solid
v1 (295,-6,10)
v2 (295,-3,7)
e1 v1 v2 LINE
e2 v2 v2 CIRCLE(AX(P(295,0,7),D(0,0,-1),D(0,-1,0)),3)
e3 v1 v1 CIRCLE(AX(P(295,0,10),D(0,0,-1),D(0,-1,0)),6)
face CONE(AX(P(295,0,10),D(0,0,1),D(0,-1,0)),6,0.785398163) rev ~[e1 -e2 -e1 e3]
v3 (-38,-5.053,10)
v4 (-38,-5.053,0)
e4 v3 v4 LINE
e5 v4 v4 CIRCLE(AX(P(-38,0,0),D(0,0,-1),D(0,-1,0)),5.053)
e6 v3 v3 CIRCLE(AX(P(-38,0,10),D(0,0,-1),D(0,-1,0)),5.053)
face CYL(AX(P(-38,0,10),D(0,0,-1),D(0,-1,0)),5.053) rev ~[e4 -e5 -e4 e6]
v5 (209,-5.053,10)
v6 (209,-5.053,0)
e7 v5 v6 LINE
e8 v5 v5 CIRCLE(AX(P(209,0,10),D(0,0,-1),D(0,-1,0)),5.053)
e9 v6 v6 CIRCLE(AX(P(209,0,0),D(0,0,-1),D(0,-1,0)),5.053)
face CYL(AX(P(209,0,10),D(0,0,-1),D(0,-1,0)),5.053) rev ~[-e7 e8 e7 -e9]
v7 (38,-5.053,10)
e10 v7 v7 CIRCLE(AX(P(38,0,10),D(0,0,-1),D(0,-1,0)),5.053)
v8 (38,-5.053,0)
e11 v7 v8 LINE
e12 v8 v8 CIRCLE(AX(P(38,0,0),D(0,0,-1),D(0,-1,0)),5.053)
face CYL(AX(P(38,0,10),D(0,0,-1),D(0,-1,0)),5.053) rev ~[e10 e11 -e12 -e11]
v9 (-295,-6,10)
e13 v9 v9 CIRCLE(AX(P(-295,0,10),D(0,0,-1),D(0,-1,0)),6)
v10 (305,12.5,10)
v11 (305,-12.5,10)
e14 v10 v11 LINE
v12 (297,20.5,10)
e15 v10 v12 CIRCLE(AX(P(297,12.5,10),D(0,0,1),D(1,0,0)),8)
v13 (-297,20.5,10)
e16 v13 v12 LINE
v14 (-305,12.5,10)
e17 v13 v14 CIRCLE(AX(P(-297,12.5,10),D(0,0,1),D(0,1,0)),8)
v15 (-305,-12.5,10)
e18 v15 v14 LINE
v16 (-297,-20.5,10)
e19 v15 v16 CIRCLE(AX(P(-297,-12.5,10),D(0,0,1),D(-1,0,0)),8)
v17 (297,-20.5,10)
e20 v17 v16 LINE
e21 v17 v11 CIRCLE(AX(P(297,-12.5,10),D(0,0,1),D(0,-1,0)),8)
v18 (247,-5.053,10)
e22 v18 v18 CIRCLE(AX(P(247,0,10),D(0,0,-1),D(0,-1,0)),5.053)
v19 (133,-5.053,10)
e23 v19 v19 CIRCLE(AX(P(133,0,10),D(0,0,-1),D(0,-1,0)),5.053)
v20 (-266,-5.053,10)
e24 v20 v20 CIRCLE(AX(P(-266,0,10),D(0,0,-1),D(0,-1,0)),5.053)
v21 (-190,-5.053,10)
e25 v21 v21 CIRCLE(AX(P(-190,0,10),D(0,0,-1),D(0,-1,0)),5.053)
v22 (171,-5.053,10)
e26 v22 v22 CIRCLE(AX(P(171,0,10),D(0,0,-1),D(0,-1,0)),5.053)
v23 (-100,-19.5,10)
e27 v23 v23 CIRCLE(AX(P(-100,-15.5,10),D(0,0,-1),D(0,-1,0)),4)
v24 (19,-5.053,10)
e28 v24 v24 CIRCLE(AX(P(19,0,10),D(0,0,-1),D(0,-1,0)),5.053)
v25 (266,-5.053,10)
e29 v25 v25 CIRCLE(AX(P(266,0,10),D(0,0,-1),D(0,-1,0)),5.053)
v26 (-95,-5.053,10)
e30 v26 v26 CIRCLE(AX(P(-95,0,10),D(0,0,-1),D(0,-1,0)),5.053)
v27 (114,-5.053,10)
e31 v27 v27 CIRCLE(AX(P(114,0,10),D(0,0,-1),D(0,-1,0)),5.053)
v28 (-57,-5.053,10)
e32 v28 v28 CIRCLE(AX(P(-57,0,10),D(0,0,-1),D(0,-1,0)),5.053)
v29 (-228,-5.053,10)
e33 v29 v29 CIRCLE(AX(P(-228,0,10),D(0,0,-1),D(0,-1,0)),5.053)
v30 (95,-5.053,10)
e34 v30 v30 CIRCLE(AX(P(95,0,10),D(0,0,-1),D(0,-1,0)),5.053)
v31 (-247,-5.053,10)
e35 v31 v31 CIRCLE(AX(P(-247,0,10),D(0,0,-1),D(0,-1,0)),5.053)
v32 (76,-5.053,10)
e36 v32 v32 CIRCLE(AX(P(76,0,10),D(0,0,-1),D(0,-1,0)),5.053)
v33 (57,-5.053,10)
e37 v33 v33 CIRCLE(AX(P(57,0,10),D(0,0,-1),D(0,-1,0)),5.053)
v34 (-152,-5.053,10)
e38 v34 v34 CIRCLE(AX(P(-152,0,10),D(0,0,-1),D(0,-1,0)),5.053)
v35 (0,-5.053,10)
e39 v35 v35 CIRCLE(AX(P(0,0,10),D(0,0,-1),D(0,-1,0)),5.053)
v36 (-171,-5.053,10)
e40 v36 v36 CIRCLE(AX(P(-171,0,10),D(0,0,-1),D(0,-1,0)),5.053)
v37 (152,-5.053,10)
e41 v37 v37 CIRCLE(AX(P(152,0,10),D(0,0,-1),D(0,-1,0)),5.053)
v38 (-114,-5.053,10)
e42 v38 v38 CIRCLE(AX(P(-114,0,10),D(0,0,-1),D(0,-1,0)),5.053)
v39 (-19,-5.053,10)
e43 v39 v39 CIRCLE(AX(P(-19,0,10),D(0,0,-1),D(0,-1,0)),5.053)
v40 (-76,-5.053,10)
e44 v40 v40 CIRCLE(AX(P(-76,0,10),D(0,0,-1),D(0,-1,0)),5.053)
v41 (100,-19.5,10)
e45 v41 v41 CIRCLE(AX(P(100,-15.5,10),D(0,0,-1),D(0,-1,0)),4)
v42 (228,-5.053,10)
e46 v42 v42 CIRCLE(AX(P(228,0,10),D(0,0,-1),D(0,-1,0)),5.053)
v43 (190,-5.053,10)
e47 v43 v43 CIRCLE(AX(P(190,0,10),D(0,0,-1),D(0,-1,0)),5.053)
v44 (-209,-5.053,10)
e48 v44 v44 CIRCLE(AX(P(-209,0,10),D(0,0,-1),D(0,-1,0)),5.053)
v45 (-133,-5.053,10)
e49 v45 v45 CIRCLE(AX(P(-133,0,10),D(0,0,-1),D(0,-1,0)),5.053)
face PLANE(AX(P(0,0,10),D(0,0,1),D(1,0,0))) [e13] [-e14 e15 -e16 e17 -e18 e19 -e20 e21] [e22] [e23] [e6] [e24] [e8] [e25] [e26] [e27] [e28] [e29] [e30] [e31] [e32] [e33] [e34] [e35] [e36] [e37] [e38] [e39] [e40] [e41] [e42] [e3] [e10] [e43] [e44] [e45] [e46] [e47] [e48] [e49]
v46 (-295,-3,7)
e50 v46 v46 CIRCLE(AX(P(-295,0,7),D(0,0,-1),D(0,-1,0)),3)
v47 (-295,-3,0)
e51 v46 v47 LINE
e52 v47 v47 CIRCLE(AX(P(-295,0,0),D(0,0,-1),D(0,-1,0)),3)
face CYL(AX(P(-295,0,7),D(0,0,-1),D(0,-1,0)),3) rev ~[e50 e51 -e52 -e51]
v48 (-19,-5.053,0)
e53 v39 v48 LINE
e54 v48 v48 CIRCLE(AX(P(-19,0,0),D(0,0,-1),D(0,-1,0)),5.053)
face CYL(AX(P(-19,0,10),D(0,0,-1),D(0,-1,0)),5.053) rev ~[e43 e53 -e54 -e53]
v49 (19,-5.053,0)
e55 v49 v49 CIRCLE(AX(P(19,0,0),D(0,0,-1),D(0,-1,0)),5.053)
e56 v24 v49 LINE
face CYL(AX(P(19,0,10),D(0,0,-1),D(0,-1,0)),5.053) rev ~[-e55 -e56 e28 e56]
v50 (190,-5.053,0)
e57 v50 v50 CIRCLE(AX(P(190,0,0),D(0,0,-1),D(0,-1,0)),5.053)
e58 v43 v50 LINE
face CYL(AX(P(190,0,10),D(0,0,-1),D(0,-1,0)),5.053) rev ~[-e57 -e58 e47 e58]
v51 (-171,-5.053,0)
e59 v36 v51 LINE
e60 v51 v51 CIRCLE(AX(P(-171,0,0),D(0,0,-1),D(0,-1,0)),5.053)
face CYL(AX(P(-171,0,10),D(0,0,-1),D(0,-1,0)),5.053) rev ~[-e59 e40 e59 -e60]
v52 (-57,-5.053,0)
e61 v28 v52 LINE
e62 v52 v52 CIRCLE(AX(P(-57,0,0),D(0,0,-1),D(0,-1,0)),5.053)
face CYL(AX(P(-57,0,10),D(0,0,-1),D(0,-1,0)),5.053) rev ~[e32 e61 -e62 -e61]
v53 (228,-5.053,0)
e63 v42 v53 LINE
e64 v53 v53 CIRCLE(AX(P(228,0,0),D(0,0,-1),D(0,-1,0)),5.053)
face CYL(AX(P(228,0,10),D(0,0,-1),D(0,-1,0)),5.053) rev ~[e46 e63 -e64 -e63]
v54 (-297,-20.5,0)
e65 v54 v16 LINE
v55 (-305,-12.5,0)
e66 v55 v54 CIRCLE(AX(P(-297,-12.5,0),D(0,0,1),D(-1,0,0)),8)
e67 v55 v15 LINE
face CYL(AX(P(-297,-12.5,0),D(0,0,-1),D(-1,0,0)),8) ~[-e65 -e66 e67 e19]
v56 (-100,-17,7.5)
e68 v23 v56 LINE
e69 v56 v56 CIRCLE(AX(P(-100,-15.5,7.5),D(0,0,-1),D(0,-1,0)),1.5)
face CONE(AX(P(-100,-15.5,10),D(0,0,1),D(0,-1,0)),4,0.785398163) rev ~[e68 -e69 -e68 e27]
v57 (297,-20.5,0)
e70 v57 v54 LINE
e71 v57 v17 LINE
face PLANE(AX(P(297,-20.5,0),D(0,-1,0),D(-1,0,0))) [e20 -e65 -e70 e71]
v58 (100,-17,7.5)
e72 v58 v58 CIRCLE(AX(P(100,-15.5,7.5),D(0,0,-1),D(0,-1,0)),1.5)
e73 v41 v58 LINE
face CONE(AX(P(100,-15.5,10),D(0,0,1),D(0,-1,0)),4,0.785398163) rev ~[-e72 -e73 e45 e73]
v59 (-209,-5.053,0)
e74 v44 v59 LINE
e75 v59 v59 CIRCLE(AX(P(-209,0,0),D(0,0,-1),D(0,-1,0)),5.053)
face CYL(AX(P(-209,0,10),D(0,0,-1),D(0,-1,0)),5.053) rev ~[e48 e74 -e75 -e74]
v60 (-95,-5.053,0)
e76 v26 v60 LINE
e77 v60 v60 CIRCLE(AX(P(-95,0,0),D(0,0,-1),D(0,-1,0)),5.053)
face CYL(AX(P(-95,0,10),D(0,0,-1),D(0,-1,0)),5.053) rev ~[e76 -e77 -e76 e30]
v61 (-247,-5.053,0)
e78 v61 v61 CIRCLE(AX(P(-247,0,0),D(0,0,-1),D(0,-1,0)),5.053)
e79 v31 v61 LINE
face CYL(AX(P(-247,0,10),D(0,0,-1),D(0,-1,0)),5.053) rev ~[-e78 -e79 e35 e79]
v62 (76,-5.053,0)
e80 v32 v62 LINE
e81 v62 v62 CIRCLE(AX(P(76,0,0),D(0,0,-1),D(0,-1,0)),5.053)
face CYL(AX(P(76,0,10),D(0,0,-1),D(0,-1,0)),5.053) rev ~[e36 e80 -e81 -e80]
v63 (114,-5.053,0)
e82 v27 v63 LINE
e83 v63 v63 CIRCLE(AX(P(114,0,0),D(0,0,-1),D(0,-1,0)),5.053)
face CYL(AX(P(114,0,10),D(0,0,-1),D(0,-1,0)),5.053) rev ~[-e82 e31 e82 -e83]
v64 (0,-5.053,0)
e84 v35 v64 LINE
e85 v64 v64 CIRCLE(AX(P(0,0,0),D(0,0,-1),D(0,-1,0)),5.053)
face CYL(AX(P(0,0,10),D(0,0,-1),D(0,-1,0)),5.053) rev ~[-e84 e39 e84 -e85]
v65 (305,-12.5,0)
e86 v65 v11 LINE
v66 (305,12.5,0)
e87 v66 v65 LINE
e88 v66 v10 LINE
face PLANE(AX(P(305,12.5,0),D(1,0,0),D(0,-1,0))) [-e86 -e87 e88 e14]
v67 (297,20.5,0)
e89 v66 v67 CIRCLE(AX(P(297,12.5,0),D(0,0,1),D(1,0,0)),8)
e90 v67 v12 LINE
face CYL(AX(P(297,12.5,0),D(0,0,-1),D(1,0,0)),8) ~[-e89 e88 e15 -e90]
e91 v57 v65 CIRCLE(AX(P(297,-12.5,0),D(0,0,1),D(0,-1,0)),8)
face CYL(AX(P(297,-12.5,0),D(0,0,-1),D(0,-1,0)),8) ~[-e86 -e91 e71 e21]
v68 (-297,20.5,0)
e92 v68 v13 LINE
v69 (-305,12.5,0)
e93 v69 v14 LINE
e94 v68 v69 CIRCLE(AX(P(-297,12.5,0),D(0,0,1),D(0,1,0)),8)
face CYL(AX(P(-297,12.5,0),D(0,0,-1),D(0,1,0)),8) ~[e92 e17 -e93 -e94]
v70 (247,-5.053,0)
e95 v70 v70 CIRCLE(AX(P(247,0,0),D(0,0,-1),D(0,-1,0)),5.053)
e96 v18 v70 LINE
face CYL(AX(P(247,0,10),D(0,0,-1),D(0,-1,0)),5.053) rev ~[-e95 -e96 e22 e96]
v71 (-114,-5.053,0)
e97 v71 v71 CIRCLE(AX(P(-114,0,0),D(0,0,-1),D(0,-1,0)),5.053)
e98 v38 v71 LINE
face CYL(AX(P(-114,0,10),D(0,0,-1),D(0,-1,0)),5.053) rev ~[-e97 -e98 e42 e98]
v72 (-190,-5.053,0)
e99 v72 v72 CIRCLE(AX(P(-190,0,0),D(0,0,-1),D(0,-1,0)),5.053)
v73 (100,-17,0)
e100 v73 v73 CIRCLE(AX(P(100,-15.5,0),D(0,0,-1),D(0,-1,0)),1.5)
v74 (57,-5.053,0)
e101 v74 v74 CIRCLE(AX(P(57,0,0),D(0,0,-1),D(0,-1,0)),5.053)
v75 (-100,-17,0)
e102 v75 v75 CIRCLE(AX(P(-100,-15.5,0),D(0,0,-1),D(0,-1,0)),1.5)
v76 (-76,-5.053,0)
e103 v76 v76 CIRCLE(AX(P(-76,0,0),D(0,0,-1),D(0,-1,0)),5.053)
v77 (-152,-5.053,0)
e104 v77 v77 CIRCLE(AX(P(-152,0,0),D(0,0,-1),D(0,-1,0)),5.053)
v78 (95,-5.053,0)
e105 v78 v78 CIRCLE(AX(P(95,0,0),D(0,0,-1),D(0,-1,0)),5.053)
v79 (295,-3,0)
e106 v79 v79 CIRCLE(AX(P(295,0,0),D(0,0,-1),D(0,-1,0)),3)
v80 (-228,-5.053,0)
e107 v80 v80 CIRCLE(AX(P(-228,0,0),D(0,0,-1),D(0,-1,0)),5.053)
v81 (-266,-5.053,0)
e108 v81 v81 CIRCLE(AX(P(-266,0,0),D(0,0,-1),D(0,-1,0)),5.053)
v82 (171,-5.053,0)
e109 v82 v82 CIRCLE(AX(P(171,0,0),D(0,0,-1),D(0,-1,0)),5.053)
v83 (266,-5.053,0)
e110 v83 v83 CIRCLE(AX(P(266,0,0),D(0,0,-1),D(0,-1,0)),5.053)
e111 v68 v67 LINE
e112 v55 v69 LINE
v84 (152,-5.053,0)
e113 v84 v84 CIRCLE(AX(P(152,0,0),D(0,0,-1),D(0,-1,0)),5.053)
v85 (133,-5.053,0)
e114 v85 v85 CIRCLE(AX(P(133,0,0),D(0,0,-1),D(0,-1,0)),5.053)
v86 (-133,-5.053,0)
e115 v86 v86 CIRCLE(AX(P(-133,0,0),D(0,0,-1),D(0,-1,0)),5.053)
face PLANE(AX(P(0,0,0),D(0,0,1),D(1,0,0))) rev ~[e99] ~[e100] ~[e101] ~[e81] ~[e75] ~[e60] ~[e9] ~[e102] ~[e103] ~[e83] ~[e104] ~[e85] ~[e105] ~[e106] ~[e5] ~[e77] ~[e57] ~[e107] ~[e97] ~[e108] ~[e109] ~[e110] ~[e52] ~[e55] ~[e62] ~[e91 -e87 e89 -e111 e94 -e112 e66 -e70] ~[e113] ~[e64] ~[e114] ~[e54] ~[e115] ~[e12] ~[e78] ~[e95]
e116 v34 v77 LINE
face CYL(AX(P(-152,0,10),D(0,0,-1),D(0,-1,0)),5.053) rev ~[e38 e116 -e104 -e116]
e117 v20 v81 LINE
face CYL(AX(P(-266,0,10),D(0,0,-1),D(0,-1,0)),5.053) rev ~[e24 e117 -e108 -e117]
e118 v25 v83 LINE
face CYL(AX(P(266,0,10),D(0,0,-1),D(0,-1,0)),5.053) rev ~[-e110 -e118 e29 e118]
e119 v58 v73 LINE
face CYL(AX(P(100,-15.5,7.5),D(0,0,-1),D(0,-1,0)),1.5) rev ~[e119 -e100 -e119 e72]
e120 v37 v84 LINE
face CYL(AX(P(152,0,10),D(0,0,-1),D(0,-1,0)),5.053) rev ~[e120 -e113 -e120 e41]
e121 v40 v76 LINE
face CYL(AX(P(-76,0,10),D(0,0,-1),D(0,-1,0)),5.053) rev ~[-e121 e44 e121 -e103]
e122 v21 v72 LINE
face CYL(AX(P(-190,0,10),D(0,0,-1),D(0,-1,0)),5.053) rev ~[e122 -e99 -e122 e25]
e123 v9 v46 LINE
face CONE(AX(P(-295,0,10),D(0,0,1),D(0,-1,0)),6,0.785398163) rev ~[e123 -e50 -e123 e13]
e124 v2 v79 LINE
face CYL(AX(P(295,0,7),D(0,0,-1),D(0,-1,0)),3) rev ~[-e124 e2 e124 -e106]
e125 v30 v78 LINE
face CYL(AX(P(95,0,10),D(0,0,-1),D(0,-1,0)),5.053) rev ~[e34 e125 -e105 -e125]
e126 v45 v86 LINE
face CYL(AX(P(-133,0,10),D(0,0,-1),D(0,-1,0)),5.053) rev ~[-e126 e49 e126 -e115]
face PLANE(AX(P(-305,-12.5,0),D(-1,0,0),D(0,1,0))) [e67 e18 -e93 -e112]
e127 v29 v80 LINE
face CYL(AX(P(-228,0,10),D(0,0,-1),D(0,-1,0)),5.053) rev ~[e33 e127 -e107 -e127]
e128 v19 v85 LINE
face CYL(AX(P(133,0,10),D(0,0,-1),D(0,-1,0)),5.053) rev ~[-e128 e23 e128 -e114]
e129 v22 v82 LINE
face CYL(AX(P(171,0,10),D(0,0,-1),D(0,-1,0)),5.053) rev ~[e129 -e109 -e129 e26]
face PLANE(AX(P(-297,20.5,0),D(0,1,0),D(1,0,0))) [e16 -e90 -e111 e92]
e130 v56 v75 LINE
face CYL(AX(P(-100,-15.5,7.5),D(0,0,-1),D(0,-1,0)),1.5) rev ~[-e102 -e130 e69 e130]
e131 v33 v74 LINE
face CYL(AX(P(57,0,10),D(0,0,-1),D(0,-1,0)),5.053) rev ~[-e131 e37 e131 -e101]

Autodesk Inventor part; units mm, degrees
ref_plane "YZ Plane" through (0, 0, 0) normal (1, 0, 0) x (0, 1, 0)
ref_plane "XZ Plane" through (0, 0, 0) normal (0, 1, 0) x (-1, 0, 0)
ref_plane "XY Plane" through (0, 0, 0) normal (0, 0, 1) x (1, 0, 0)
sketch "Sketch1" plane through (0, 0, 0) normal (0, 0, 1) x (1, 0, 0)
  line L0 (-297, 20.5) -> (297, 20.5)
  line L1 (305, 12.5) -> (305, -12.5)
  line L2 (297, -20.5) -> (-297, -20.5)
  line L3 (-305, -12.5) -> (-305, 12.5)
  arc A0 (-297, 20.5) -> (-305, 12.5) centre (-297, 12.5) ccw
  arc A1 (-305, -12.5) -> (-297, -20.5) centre (-297, -12.5) ccw
  arc A2 (305, 12.5) -> (297, 20.5) centre (297, 12.5) ccw
  arc A3 (297, -20.5) -> (305, -12.5) centre (297, -12.5) ccw
  circle A4 centre (266, 0) radius 5
  circle A5 centre (247, 0) radius 5
  circle A6 centre (228, 0) radius 5
  circle A7 centre (209, 0) radius 5
  circle A8 centre (190, 0) radius 5
  circle A9 centre (171, 0) radius 5
  circle A10 centre (152, 0) radius 5
  circle A11 centre (133, 0) radius 5
  circle A12 centre (114, 0) radius 5
  circle A13 centre (95, 0) radius 5
  circle A14 centre (76, 0) radius 5
  circle A15 centre (57, 0) radius 5
  circle A16 centre (38, 0) radius 5
  circle A17 centre (19, 0) radius 5
  circle A18 centre (0, 0) radius 5
  circle A19 centre (-19, 0) radius 5
  circle A20 centre (-38, 0) radius 5
  circle A21 centre (-57, 0) radius 5
  circle A22 centre (-76, 0) radius 5
  circle A23 centre (-95, 0) radius 5
  circle A24 centre (-114, 0) radius 5
  circle A25 centre (-133, 0) radius 5
  circle A26 centre (-152, 0) radius 5
  circle A27 centre (-171, 0) radius 5
  circle A28 centre (-190, 0) radius 5
  circle A29 centre (-209, 0) radius 5
  circle A30 centre (-228, 0) radius 5
  circle A31 centre (-247, 0) radius 5
  circle A32 centre (-266, 0) radius 5
  point P0 (305, -20.5)
  point P1 (305, 20.5)
  point P2 (-305, -20.5)
  point P3 (-305, 0)
  point P4 (0, 20.5)
  point P5 (0, 0)
  dimension "d0" = 610
  dimension "d1" = 41
  dimension "d5" = 8
  dimension "d64" = 10
  dimension "d65" = 39
  dimension "d68" = 19
extrude "Final de centella" add sketch "Sketch1" along normal blind 10
sketch "Sketch2" plane through (0, 0, 10) normal (0, 0, 1) x (1, 0, 0)
  line L0 (-295, 0) -> (295, 0) construction
  line L1 (305, -12.5) -> (305, 12.5) construction
  point P0 (0, 0)
  point P1 (0, 0)
  dimension "d10" = 590
hole "Fijación M6" at (-295, 0, 10) at (295, 0, 10) direction (0, 0, -1) diameter 6 end through all countersink diameter 12 countersink angle 90
sketch "Sketch3" plane through (0, 0, 10) normal (0, 0, 1) x (1, 0, 0)
  line L0 (132, 16) -> (266, 16) construction
  line L1 (266, 16) -> (266, -16) construction
  line L2 (305, -12.5) -> (305, 12.5) construction
  line L3 (-21, 16) -> (113, 16) construction
  line L4 (113, 16) -> (113, -16) construction
  line L5 (-174, 16) -> (-40, 16) construction
  line L6 (-40, 16) -> (-40, -16) construction
  line L7 (-325.5, 16) -> (-191.5, 16) construction
  line L8 (-191.5, 16) -> (-191.5, -16) construction
  point P0 (0, 0)
  point P1 (199, -16)
  point P2 (199, 16)
  point P3 (132, -16)
  point P4 (199, 16)
  point P5 (266, 0)
  point P6 (46, -16)
  point P7 (46, 16)
  point P8 (-21, -16)
  point P9 (46, 16)
  point P10 (113, 0)
  point P11 (-107, -16)
  point P12 (-107, 16)
  point P13 (-174, -16)
  point P14 (-107, 16)
  point P15 (-40, 0)
  point P16 (-258.5, -16)
  point P17 (-258.5, 16)
  point P18 (-325.5, -16)
  point P19 (-258.5, 16)
  point P20 (-191.5, 0)
  dimension "d22" = 32
  dimension "d23" = 134
  dimension "d24" = 39
  dimension "d26" = 134
  dimension "d27" = 19
  dimension "d29" = 134
  dimension "d30" = 19
  dimension "d32" = 134
  dimension "d33" = 17.5
hole "Fijacion M3 SiPM" [suppressed]
sketch "Sketch6" plane through (0, 0, 10) normal (0, 0, -1) x (-1, 0, 0)
  line L0 (-100, -15.5) -> (100, -15.5) construction
  line L1 (297, -20.5) -> (-297, -20.5) construction
  point P0 (0, 0)
  point P1 (0, -15.5)
  dimension "d73" = 200
  dimension "d74" = 5
hole "Ø4 M4 T madera" at (100, -15.5, 10) at (-100, -15.5, 10) direction (0, 0, -1) diameter 3 end through all countersink diameter 8 countersink angle 90
sketch "Sketch7" plane through (0, 0, 10) normal (0, 0, 1) x (1, 0, 0)
  circle A0 centre (-266, 0) radius 5 projected
  circle A1 centre (-247, 0) radius 5 projected
  circle A2 centre (-228, 0) radius 5 projected
  circle A3 centre (-209, 0) radius 5 projected
  circle A4 centre (-190, 0) radius 5 projected
  circle A5 centre (-171, 0) radius 5 projected
  circle A6 centre (-152, 0) radius 5 projected
  circle A7 centre (-133, 0) radius 5 projected
  circle A8 centre (-114, 0) radius 5 projected
  circle A9 centre (-95, 0) radius 5 projected
  circle A10 centre (-76, 0) radius 5 projected
  circle A11 centre (-57, 0) radius 5 projected
  circle A12 centre (-38, 0) radius 5 projected
  circle A13 centre (-19, 0) radius 5 projected
  circle A14 centre (0, 0) radius 5 projected
  circle A15 centre (19, 0) radius 5 projected
  circle A16 centre (38, 0) radius 5 projected
  circle A17 centre (57, 0) radius 5 projected
  circle A18 centre (76, 0) radius 5 projected
  circle A19 centre (95, 0) radius 5 projected
  circle A20 centre (114, 0) radius 5 projected
  circle A21 centre (133, 0) radius 5 projected
  circle A22 centre (152, 0) radius 5 projected
  circle A23 centre (171, 0) radius 5 projected
  circle A24 centre (190, 0) radius 5 projected
  circle A25 centre (209, 0) radius 5 projected
  circle A26 centre (228, 0) radius 5 projected
  circle A27 centre (247, 0) radius 5 projected
  circle A28 centre (266, 0) radius 5 projected
  point P0 (0, 0)
hole "M12x1.75" at (-266, 0, 10) at (-247, 0, 10) at (-228, 0, 10) at (-209, 0, 10) at (-190, 0, 10) at (-171, 0, 10) at (-152, 0, 10) at (-133, 0, 10) at (-114, 0, 10) at (-95, 0, 10) at (-76, 0, 10) at (-57, 0, 10) at (-38, 0, 10) at (-19, 0, 10) at (0, 0, 10) at (19, 0, 10) at (38, 0, 10) at (57, 0, 10) at (76, 0, 10) at (95, 0, 10) at (114, 0, 10) at (133, 0, 10) at (152, 0, 10) at (171, 0, 10) at (190, 0, 10) at (209, 0, 10) at (228, 0, 10) at (247, 0, 10) at (266, 0, 10) direction (0, 0, -1) diameter 10.106 end through all thread size "M12x1.75" class "6H" standard "ANSI Metric M Profile"
equation "\"d26\" = d23"
equation "\"d29\" = d23"
equation "\"d30\" = d27"
equation "\"d32\" = d23"
properties part number "Extremo centella-IN" material "PMMA Plastic"
